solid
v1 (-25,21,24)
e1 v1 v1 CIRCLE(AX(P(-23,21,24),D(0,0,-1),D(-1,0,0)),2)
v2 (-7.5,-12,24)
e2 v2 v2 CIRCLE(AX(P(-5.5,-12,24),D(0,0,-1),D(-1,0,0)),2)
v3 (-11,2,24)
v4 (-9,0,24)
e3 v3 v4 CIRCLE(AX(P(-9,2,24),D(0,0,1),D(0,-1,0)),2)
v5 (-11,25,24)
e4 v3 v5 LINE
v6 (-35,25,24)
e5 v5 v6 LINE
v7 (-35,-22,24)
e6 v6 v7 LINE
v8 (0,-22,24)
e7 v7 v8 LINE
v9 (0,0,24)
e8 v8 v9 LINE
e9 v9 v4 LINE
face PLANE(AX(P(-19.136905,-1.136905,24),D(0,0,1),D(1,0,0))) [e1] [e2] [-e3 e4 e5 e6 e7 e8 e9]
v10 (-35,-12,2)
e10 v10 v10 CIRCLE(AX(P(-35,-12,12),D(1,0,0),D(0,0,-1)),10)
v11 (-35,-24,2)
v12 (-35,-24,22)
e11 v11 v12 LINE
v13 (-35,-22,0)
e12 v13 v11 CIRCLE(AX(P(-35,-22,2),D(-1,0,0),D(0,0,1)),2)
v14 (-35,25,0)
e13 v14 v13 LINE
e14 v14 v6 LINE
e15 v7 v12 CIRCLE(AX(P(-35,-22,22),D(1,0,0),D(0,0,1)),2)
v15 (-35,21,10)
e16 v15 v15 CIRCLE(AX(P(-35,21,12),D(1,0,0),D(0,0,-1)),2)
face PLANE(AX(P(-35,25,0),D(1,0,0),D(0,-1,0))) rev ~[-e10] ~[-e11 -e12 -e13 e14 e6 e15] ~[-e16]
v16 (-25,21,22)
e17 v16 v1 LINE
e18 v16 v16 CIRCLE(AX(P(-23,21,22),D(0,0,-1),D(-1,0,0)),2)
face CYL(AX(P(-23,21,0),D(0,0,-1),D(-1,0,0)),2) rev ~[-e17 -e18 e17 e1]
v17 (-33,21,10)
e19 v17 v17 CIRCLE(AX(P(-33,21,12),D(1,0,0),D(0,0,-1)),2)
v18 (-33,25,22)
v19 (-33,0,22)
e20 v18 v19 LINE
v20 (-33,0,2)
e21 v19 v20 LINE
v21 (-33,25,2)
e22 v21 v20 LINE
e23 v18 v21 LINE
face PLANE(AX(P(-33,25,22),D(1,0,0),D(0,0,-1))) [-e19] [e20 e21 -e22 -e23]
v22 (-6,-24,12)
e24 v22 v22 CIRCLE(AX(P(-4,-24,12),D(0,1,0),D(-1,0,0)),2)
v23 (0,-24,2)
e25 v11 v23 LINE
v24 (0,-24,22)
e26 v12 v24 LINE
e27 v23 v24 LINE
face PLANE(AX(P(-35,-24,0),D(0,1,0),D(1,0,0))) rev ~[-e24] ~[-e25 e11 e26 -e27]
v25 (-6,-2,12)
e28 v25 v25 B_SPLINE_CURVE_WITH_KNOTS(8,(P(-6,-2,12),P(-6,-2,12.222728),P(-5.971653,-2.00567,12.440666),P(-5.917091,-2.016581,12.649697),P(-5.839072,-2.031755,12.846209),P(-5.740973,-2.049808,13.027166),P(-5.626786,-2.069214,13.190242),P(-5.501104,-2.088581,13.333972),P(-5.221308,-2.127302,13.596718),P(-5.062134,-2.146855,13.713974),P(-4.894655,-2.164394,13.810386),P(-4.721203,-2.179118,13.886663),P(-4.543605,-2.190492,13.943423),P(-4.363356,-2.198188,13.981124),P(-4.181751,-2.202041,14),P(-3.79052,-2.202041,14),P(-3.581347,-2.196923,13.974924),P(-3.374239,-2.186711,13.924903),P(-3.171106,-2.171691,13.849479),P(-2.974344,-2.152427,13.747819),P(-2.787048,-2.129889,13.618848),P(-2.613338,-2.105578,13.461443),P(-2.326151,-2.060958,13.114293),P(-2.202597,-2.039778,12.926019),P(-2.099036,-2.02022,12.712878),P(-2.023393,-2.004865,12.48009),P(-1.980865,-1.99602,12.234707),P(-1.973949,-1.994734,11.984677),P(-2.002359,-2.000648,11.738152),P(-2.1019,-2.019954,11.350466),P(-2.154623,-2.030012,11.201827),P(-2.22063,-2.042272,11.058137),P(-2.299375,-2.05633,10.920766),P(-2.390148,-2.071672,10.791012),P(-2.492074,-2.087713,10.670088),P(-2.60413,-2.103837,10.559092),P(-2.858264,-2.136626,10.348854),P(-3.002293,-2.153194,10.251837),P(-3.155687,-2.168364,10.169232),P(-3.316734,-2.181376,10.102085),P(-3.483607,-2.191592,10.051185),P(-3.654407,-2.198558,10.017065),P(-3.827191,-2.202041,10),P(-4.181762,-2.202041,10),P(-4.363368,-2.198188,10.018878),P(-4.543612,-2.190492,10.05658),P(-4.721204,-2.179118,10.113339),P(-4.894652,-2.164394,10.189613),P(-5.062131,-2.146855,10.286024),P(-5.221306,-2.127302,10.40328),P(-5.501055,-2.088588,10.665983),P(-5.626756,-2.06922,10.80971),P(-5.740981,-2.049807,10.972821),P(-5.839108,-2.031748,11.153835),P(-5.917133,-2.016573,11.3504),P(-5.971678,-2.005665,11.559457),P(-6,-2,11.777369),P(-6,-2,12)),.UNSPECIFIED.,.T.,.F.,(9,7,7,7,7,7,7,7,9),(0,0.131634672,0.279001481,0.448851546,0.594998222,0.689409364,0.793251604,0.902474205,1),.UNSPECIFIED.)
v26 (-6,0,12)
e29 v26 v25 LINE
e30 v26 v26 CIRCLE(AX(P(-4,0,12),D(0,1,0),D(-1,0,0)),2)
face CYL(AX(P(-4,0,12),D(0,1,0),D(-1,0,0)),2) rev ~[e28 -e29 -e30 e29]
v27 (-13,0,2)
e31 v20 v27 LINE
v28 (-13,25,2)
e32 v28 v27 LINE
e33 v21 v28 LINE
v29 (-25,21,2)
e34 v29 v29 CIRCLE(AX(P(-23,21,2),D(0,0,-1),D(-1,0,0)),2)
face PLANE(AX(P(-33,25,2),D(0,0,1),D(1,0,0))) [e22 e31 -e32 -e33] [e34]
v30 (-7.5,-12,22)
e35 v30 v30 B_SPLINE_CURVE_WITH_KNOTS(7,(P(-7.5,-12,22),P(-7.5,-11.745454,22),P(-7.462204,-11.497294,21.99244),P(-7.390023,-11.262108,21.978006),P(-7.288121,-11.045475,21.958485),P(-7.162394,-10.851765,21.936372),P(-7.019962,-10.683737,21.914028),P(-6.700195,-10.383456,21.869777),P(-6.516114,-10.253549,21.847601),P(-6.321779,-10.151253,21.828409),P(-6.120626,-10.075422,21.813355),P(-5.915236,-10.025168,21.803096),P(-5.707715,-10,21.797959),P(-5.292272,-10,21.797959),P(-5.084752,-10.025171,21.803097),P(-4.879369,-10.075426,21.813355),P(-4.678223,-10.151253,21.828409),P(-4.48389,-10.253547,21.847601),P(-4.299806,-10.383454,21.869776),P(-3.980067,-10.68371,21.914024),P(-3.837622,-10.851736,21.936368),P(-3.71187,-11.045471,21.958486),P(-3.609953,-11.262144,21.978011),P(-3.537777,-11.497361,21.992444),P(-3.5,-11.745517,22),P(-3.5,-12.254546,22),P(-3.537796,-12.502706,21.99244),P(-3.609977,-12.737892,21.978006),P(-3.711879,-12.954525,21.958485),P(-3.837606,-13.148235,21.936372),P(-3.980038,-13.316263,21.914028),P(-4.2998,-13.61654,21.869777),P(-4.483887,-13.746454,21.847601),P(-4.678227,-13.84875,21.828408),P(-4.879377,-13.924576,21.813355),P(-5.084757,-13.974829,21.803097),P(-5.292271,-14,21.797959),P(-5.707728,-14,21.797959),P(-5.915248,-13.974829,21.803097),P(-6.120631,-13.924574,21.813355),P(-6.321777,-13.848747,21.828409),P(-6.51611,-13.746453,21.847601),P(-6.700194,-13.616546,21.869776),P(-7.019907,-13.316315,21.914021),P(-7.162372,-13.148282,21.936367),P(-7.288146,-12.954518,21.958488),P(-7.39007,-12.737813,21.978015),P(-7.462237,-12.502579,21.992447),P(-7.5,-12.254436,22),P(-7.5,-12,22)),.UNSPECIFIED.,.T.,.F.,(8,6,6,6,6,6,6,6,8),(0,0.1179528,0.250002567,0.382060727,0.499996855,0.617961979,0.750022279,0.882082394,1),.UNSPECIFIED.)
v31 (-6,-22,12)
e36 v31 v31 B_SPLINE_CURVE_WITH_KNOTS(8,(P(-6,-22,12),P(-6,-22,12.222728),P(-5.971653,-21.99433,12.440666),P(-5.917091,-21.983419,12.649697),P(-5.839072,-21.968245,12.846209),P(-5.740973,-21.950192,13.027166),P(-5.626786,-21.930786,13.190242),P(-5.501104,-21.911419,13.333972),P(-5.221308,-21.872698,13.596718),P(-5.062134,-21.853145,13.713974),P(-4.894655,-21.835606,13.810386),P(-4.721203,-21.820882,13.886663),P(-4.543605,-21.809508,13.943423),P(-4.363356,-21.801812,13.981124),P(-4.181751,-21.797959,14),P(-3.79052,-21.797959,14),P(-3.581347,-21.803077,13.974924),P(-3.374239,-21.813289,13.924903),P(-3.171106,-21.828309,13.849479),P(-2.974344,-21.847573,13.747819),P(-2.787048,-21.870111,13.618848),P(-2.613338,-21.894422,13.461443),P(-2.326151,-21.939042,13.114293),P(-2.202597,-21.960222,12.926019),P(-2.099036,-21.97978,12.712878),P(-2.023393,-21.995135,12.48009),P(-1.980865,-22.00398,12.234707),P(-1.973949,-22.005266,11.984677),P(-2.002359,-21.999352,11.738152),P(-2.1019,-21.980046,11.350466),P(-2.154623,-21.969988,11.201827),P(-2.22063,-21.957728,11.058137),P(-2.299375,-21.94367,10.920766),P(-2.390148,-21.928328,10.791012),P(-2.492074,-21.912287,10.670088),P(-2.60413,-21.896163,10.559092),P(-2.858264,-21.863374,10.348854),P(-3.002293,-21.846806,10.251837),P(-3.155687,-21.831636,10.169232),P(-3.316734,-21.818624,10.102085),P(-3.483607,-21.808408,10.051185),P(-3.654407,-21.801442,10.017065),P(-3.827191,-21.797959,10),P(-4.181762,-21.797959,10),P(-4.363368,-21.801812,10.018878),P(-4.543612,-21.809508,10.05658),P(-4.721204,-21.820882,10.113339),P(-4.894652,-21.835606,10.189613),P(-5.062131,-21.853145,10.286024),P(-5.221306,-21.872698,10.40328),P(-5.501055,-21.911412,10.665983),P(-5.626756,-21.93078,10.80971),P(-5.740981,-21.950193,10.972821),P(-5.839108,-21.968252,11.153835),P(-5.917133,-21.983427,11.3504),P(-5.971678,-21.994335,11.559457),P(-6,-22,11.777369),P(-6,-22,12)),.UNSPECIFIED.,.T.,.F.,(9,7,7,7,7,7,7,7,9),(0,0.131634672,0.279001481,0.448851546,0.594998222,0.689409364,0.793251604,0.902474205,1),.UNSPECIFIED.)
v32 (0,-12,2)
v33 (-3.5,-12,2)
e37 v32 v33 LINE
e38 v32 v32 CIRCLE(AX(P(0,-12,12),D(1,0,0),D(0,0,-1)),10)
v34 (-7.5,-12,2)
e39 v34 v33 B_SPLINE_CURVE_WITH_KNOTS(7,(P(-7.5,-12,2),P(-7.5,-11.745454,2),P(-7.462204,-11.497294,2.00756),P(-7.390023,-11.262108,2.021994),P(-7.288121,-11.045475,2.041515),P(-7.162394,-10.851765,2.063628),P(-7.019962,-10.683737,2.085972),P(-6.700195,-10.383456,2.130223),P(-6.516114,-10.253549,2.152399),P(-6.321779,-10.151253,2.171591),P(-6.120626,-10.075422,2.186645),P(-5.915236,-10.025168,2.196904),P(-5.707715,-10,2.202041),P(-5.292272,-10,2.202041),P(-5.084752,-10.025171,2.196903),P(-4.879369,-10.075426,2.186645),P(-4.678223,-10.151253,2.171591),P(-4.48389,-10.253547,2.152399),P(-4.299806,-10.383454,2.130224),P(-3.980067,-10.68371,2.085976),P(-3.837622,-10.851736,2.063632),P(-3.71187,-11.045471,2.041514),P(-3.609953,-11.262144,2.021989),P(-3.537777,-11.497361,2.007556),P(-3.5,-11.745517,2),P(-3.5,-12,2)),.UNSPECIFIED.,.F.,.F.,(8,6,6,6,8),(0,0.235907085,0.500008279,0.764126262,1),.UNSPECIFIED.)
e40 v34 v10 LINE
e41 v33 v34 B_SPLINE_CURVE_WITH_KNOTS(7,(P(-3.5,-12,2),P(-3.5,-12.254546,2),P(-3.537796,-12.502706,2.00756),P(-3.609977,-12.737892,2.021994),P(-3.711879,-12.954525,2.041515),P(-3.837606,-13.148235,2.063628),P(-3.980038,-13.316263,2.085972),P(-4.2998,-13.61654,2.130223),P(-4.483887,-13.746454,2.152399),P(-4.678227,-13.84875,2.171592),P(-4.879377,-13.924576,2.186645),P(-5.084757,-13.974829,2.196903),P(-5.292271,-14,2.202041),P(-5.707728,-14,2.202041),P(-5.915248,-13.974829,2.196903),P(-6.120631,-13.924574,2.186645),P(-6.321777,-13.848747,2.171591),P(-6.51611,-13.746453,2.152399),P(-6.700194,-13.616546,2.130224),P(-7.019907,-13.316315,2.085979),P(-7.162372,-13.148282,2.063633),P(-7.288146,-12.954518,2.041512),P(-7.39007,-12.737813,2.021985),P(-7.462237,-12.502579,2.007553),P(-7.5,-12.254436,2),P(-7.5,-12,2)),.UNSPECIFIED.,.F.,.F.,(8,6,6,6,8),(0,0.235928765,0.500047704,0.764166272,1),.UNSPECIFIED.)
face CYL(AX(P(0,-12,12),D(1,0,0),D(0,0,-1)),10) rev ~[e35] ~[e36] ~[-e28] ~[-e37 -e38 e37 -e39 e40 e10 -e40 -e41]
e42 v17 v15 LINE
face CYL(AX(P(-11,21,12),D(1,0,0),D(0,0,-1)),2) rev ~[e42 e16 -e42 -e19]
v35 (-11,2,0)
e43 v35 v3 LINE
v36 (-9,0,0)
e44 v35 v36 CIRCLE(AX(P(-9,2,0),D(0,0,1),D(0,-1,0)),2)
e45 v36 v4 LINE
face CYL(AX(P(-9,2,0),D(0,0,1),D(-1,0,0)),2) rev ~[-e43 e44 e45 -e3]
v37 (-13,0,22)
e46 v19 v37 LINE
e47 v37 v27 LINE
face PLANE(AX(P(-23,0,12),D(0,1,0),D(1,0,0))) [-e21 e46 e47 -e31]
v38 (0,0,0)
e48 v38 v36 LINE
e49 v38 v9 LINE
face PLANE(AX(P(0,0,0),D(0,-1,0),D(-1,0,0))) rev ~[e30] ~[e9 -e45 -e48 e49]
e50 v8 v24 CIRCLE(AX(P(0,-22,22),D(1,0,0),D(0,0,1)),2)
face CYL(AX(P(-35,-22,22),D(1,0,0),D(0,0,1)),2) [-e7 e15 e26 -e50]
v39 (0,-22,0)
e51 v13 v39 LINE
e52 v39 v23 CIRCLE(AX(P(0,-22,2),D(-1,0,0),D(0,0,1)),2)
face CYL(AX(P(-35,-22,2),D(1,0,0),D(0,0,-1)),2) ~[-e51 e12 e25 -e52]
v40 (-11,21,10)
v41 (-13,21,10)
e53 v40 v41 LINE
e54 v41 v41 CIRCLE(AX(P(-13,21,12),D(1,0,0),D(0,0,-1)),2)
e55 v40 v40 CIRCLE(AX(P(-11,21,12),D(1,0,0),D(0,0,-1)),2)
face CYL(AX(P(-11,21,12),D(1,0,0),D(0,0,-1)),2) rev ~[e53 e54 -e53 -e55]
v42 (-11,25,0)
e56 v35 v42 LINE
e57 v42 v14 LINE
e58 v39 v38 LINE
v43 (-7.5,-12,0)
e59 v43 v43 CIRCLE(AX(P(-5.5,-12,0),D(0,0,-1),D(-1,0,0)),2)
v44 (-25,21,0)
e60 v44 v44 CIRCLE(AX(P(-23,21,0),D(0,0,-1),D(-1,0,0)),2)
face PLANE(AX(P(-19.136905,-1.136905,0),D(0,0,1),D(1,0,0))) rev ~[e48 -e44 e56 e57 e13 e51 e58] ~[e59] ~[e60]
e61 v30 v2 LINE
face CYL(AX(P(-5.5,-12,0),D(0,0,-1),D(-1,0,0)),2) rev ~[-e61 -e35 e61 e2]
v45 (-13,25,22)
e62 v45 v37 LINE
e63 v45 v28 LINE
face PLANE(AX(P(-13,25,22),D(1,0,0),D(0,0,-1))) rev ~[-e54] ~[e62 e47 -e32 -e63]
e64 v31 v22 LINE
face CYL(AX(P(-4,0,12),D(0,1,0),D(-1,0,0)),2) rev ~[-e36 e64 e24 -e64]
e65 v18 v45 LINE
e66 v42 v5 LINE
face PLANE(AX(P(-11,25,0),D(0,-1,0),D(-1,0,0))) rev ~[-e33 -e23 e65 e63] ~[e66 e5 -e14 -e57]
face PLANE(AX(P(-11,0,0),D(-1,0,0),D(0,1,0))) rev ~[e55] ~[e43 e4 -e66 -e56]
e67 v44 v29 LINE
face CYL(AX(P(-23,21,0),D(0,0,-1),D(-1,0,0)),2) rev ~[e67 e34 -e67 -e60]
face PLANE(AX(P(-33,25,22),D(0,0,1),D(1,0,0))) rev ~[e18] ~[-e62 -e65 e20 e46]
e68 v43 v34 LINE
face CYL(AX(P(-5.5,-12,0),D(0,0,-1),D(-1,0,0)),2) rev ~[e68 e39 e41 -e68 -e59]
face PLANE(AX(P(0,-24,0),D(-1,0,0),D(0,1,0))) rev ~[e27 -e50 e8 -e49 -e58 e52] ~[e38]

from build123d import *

# Parameters (mm, degrees)
BOSS_EXTRUDE1_DEPTH = 24
SKETCH2_W           = 20
SKETCH2_H           = 20
CUT_EXTRUDE2_DEPTH  = 25
SKETCH3_R           = 10
CUT_EXTRUDE3_DEPTH  = 50.254441424
SKETCH4_R           = 2
CUT_EXTRUDE4_DEPTH  = 25
SKETCH5_R           = 2
CUT_EXTRUDE5_DEPTH  = 25
SKETCH6_R           = 2
CUT_EXTRUDE6_DEPTH  = 25
SKETCH7_R           = 2
CUT_EXTRUDE7_DEPTH  = 25
FILLET1_R           = 2


with BuildPart() as part:
    # Sketch1 → Boss-Extrude1 (new body)
    with BuildSketch(Plane.XY):
        Polygon((-35, 25), (-35, -24), (0, -24), (0, 0), (-11, 0), (-11, 25), align=None)
    extrude(amount=BOSS_EXTRUDE1_DEPTH)

    # Sketch2 → Cut-Extrude2 (cut)
    with BuildSketch(Plane(origin=(0, 25, 0), x_dir=(1, 0, 0), z_dir=(0, 1, 0))):
        with Locations((-23, -12)):
            Rectangle(SKETCH2_W, SKETCH2_H)
    extrude(amount=-CUT_EXTRUDE2_DEPTH, mode=Mode.SUBTRACT)

    # Sketch3 → Cut-Extrude3 (cut, through all)
    with BuildSketch(Plane(origin=(0, 0, 0), x_dir=(0, 0, -1), z_dir=(1, 0, 0))):
        with Locations((-12, -12)):
            Circle(SKETCH3_R)
    extrude(amount=-CUT_EXTRUDE3_DEPTH, mode=Mode.SUBTRACT)

    # Sketch4 → Cut-Extrude4 (cut)
    with BuildSketch(Plane(origin=(-11, 0, 0), x_dir=(0, 0, -1), z_dir=(1, 0, 0))):
        with Locations((-12, 21)):
            Circle(SKETCH4_R)
    extrude(amount=-CUT_EXTRUDE4_DEPTH, mode=Mode.SUBTRACT)

    # Sketch5 → Cut-Extrude5 (cut)
    with BuildSketch(Plane(origin=(0, 0, 0), x_dir=(-1, 0, 0), z_dir=(0, 0, -1))):
        with Locations((23, 21)):
            Circle(SKETCH5_R)
    extrude(amount=-CUT_EXTRUDE5_DEPTH, mode=Mode.SUBTRACT)

    # Sketch6 → Cut-Extrude6 (cut)
    with BuildSketch(Plane(origin=(0, 0, 0), x_dir=(1, 0, 0), z_dir=(0, 1, 0))):
        with Locations(Location((-4, -12, 0), (0, 0, 180))):
            Circle(SKETCH6_R)
    extrude(amount=-CUT_EXTRUDE6_DEPTH, mode=Mode.SUBTRACT)

    # Sketch7 → Cut-Extrude7 (cut)
    with BuildSketch(Plane(origin=(0, 0, 0), x_dir=(-1, 0, 0), z_dir=(0, 0, -1))):
        with Locations((5.5, -12)):
            Circle(SKETCH7_R)
    extrude(amount=-CUT_EXTRUDE7_DEPTH, mode=Mode.SUBTRACT)

    # Fillet1
    fillet1_edges = [part.edges().sort_by_distance(p)[0] for p in [
        (-11, 0, 12),
        (-17.5, -24, 24),
        (-17.5, -24, 0),
    ]]
    fillet(fillet1_edges, radius=FILLET1_R)


solid = part.part
